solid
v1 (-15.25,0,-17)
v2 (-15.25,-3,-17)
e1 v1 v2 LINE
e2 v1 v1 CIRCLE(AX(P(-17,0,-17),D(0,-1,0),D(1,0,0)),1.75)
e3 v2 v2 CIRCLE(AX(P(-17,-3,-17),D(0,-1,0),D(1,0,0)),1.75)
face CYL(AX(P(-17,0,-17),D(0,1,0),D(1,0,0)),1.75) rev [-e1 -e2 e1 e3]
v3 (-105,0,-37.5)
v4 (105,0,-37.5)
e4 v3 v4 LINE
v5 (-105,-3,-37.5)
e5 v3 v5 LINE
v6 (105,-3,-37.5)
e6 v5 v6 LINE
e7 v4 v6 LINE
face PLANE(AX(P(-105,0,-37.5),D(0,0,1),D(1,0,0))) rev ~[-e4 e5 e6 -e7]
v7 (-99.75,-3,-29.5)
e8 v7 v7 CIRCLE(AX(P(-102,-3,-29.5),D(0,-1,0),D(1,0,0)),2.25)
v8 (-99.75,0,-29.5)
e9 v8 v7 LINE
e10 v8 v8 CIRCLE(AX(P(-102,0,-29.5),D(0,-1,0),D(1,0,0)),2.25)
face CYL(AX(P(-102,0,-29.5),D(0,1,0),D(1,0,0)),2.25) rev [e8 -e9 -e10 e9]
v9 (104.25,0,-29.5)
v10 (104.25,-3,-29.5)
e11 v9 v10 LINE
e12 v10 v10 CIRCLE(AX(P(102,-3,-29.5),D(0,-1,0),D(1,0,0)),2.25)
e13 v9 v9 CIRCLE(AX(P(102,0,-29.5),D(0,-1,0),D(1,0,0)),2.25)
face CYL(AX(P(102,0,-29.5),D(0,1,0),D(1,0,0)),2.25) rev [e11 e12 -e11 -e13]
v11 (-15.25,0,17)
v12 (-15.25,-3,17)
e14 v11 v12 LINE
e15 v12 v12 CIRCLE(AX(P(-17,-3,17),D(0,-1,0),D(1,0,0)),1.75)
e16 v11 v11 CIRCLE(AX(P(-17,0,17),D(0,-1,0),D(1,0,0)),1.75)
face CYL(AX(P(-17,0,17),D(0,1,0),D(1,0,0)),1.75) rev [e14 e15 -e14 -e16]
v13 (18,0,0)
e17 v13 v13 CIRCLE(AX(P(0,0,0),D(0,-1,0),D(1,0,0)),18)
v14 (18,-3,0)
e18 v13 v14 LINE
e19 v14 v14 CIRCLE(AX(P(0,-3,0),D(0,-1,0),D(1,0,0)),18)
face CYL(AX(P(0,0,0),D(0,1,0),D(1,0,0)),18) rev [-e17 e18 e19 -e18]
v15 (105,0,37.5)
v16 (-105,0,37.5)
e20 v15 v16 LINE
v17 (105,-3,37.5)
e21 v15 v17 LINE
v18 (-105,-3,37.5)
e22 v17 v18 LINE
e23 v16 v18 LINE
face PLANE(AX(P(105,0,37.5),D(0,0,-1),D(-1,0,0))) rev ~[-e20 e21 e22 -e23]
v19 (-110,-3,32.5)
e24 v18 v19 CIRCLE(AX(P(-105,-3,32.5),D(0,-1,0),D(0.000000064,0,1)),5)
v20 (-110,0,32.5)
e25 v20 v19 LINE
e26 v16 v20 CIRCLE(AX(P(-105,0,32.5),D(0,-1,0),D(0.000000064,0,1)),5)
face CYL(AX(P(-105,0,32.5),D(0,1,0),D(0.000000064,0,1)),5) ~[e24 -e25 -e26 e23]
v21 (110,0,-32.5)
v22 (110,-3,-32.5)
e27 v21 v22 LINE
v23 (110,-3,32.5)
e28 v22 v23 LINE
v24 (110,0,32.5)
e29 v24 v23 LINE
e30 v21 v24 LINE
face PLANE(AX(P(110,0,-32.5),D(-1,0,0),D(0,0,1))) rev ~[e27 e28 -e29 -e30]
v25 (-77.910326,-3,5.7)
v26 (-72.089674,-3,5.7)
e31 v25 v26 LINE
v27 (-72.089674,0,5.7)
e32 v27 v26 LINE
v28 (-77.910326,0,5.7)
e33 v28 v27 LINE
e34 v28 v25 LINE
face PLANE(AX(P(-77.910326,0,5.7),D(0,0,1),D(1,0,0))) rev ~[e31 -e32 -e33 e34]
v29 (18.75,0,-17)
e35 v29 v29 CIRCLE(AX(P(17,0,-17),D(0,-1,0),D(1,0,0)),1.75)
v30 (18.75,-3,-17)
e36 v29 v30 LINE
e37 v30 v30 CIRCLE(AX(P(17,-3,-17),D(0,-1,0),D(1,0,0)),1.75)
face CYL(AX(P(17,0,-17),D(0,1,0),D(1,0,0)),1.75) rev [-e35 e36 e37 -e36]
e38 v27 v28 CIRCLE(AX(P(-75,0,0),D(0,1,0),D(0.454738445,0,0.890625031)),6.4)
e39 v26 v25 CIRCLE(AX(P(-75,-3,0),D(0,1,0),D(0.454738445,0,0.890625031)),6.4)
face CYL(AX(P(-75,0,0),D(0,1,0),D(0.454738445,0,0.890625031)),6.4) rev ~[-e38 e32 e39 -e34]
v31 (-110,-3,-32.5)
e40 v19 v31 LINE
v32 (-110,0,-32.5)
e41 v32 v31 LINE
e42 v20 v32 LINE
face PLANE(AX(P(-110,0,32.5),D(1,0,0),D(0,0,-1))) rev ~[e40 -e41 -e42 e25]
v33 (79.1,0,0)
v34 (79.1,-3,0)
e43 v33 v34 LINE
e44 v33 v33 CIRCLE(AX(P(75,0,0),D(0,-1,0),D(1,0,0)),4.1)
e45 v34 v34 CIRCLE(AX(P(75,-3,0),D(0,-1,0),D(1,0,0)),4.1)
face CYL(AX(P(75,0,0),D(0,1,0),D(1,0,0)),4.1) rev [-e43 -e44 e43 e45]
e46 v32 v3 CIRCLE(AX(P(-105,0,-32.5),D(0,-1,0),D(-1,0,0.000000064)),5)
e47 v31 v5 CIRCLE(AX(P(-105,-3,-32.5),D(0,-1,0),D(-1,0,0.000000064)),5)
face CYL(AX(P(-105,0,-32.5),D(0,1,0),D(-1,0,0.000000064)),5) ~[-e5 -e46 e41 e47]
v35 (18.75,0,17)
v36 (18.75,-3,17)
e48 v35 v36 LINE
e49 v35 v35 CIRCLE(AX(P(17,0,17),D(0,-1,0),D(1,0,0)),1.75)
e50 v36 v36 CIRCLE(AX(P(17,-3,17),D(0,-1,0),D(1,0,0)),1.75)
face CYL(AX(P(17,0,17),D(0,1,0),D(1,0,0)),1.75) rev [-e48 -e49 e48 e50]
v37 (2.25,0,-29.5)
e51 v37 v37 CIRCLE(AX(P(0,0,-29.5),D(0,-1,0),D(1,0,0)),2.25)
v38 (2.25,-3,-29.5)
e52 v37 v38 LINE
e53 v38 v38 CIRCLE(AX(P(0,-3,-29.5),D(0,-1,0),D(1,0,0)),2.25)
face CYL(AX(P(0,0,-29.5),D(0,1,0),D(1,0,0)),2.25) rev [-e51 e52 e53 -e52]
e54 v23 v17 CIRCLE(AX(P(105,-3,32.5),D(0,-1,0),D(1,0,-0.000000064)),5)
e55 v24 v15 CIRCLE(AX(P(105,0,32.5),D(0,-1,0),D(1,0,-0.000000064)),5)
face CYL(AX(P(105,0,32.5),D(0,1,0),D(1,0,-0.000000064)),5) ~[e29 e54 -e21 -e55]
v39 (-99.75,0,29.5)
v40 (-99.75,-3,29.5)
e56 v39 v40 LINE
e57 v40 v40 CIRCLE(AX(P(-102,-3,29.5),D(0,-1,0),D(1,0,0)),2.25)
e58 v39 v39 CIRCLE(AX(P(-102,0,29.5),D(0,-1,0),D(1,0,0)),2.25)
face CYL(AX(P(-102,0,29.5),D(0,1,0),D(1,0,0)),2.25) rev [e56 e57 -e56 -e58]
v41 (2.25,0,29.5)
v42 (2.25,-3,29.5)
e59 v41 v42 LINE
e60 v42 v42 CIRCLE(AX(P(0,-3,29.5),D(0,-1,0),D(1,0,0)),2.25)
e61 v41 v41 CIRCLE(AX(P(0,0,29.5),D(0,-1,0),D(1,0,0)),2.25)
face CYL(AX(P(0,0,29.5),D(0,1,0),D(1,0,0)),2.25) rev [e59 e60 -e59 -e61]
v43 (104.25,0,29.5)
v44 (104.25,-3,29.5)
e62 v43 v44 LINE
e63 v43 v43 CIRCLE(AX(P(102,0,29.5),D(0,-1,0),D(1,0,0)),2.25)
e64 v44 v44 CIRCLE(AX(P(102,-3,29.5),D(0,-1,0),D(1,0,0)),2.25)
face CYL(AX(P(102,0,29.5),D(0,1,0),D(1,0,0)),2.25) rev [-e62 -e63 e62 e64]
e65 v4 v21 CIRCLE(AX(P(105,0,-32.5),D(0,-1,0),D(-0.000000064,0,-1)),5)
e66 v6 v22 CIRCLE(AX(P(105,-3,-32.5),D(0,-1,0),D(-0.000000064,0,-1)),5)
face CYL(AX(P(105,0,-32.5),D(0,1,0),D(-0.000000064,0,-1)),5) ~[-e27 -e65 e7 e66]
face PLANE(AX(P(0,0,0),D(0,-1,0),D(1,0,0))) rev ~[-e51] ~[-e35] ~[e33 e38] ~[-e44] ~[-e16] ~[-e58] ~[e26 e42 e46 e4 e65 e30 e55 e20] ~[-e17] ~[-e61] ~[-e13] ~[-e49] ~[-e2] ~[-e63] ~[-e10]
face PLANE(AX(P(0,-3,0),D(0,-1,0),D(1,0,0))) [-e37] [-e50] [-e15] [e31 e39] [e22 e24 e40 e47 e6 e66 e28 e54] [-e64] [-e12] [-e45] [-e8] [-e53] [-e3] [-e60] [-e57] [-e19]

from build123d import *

# Parameters (mm, degrees)
F0_R     = 2.25
F0_R_2   = 1.75
F0_R_3   = 18
F0_R_4   = 4.1
F1_DEPTH = 3


with BuildPart() as f1:
    # F0 (on Front) → F1 (new body)
    with BuildSketch(Plane.XZ):
        with BuildLine():
            ThreePointArc((110, 32.5), (108.535534, 36.035534), (105, 37.5))
            Line((105, 37.5), (-105, 37.5))
            ThreePointArc((-105, 37.5), (-108.535534, 36.035534), (-110, 32.5))
            Line((-110, 32.5), (-110, -32.5))
            ThreePointArc((-110, -32.5), (-108.535534, -36.035534), (-105, -37.5))
            Line((-105, -37.5), (105, -37.5))
            ThreePointArc((105, -37.5), (108.535534, -36.035534), (110, -32.5))
            Line((110, -32.5), (110, 32.5))
        make_face()
        with Locations((-102, -29.5)):
            Circle(F0_R, mode=Mode.SUBTRACT)
        with BuildLine():
            ThreePointArc((-72.089674, 5.7), (-75, -6.4), (-77.910326, 5.7))
            Line((-77.910326, 5.7), (-72.089674, 5.7))
        make_face(mode=Mode.SUBTRACT)
        with Locations((-17, -17)):
            Circle(F0_R_2, mode=Mode.SUBTRACT)
        with Locations((0, -29.5)):
            Circle(F0_R, mode=Mode.SUBTRACT)
        with Locations((102, -29.5)):
            Circle(F0_R, mode=Mode.SUBTRACT)
        with Locations((17, -17)):
            Circle(F0_R_2, mode=Mode.SUBTRACT)
        with Locations((-17, 17)):
            Circle(F0_R_2, mode=Mode.SUBTRACT)
        with Locations((-102, 29.5)):
            Circle(F0_R, mode=Mode.SUBTRACT)
        Circle(F0_R_3, mode=Mode.SUBTRACT)
        with Locations((17, 17)):
            Circle(F0_R_2, mode=Mode.SUBTRACT)
        with Locations((75, 0)):
            Circle(F0_R_4, mode=Mode.SUBTRACT)
        with Locations((0, 29.5)):
            Circle(F0_R, mode=Mode.SUBTRACT)
        with Locations((102, 29.5)):
            Circle(F0_R, mode=Mode.SUBTRACT)
    extrude(amount=F1_DEPTH)


solid = f1.part
